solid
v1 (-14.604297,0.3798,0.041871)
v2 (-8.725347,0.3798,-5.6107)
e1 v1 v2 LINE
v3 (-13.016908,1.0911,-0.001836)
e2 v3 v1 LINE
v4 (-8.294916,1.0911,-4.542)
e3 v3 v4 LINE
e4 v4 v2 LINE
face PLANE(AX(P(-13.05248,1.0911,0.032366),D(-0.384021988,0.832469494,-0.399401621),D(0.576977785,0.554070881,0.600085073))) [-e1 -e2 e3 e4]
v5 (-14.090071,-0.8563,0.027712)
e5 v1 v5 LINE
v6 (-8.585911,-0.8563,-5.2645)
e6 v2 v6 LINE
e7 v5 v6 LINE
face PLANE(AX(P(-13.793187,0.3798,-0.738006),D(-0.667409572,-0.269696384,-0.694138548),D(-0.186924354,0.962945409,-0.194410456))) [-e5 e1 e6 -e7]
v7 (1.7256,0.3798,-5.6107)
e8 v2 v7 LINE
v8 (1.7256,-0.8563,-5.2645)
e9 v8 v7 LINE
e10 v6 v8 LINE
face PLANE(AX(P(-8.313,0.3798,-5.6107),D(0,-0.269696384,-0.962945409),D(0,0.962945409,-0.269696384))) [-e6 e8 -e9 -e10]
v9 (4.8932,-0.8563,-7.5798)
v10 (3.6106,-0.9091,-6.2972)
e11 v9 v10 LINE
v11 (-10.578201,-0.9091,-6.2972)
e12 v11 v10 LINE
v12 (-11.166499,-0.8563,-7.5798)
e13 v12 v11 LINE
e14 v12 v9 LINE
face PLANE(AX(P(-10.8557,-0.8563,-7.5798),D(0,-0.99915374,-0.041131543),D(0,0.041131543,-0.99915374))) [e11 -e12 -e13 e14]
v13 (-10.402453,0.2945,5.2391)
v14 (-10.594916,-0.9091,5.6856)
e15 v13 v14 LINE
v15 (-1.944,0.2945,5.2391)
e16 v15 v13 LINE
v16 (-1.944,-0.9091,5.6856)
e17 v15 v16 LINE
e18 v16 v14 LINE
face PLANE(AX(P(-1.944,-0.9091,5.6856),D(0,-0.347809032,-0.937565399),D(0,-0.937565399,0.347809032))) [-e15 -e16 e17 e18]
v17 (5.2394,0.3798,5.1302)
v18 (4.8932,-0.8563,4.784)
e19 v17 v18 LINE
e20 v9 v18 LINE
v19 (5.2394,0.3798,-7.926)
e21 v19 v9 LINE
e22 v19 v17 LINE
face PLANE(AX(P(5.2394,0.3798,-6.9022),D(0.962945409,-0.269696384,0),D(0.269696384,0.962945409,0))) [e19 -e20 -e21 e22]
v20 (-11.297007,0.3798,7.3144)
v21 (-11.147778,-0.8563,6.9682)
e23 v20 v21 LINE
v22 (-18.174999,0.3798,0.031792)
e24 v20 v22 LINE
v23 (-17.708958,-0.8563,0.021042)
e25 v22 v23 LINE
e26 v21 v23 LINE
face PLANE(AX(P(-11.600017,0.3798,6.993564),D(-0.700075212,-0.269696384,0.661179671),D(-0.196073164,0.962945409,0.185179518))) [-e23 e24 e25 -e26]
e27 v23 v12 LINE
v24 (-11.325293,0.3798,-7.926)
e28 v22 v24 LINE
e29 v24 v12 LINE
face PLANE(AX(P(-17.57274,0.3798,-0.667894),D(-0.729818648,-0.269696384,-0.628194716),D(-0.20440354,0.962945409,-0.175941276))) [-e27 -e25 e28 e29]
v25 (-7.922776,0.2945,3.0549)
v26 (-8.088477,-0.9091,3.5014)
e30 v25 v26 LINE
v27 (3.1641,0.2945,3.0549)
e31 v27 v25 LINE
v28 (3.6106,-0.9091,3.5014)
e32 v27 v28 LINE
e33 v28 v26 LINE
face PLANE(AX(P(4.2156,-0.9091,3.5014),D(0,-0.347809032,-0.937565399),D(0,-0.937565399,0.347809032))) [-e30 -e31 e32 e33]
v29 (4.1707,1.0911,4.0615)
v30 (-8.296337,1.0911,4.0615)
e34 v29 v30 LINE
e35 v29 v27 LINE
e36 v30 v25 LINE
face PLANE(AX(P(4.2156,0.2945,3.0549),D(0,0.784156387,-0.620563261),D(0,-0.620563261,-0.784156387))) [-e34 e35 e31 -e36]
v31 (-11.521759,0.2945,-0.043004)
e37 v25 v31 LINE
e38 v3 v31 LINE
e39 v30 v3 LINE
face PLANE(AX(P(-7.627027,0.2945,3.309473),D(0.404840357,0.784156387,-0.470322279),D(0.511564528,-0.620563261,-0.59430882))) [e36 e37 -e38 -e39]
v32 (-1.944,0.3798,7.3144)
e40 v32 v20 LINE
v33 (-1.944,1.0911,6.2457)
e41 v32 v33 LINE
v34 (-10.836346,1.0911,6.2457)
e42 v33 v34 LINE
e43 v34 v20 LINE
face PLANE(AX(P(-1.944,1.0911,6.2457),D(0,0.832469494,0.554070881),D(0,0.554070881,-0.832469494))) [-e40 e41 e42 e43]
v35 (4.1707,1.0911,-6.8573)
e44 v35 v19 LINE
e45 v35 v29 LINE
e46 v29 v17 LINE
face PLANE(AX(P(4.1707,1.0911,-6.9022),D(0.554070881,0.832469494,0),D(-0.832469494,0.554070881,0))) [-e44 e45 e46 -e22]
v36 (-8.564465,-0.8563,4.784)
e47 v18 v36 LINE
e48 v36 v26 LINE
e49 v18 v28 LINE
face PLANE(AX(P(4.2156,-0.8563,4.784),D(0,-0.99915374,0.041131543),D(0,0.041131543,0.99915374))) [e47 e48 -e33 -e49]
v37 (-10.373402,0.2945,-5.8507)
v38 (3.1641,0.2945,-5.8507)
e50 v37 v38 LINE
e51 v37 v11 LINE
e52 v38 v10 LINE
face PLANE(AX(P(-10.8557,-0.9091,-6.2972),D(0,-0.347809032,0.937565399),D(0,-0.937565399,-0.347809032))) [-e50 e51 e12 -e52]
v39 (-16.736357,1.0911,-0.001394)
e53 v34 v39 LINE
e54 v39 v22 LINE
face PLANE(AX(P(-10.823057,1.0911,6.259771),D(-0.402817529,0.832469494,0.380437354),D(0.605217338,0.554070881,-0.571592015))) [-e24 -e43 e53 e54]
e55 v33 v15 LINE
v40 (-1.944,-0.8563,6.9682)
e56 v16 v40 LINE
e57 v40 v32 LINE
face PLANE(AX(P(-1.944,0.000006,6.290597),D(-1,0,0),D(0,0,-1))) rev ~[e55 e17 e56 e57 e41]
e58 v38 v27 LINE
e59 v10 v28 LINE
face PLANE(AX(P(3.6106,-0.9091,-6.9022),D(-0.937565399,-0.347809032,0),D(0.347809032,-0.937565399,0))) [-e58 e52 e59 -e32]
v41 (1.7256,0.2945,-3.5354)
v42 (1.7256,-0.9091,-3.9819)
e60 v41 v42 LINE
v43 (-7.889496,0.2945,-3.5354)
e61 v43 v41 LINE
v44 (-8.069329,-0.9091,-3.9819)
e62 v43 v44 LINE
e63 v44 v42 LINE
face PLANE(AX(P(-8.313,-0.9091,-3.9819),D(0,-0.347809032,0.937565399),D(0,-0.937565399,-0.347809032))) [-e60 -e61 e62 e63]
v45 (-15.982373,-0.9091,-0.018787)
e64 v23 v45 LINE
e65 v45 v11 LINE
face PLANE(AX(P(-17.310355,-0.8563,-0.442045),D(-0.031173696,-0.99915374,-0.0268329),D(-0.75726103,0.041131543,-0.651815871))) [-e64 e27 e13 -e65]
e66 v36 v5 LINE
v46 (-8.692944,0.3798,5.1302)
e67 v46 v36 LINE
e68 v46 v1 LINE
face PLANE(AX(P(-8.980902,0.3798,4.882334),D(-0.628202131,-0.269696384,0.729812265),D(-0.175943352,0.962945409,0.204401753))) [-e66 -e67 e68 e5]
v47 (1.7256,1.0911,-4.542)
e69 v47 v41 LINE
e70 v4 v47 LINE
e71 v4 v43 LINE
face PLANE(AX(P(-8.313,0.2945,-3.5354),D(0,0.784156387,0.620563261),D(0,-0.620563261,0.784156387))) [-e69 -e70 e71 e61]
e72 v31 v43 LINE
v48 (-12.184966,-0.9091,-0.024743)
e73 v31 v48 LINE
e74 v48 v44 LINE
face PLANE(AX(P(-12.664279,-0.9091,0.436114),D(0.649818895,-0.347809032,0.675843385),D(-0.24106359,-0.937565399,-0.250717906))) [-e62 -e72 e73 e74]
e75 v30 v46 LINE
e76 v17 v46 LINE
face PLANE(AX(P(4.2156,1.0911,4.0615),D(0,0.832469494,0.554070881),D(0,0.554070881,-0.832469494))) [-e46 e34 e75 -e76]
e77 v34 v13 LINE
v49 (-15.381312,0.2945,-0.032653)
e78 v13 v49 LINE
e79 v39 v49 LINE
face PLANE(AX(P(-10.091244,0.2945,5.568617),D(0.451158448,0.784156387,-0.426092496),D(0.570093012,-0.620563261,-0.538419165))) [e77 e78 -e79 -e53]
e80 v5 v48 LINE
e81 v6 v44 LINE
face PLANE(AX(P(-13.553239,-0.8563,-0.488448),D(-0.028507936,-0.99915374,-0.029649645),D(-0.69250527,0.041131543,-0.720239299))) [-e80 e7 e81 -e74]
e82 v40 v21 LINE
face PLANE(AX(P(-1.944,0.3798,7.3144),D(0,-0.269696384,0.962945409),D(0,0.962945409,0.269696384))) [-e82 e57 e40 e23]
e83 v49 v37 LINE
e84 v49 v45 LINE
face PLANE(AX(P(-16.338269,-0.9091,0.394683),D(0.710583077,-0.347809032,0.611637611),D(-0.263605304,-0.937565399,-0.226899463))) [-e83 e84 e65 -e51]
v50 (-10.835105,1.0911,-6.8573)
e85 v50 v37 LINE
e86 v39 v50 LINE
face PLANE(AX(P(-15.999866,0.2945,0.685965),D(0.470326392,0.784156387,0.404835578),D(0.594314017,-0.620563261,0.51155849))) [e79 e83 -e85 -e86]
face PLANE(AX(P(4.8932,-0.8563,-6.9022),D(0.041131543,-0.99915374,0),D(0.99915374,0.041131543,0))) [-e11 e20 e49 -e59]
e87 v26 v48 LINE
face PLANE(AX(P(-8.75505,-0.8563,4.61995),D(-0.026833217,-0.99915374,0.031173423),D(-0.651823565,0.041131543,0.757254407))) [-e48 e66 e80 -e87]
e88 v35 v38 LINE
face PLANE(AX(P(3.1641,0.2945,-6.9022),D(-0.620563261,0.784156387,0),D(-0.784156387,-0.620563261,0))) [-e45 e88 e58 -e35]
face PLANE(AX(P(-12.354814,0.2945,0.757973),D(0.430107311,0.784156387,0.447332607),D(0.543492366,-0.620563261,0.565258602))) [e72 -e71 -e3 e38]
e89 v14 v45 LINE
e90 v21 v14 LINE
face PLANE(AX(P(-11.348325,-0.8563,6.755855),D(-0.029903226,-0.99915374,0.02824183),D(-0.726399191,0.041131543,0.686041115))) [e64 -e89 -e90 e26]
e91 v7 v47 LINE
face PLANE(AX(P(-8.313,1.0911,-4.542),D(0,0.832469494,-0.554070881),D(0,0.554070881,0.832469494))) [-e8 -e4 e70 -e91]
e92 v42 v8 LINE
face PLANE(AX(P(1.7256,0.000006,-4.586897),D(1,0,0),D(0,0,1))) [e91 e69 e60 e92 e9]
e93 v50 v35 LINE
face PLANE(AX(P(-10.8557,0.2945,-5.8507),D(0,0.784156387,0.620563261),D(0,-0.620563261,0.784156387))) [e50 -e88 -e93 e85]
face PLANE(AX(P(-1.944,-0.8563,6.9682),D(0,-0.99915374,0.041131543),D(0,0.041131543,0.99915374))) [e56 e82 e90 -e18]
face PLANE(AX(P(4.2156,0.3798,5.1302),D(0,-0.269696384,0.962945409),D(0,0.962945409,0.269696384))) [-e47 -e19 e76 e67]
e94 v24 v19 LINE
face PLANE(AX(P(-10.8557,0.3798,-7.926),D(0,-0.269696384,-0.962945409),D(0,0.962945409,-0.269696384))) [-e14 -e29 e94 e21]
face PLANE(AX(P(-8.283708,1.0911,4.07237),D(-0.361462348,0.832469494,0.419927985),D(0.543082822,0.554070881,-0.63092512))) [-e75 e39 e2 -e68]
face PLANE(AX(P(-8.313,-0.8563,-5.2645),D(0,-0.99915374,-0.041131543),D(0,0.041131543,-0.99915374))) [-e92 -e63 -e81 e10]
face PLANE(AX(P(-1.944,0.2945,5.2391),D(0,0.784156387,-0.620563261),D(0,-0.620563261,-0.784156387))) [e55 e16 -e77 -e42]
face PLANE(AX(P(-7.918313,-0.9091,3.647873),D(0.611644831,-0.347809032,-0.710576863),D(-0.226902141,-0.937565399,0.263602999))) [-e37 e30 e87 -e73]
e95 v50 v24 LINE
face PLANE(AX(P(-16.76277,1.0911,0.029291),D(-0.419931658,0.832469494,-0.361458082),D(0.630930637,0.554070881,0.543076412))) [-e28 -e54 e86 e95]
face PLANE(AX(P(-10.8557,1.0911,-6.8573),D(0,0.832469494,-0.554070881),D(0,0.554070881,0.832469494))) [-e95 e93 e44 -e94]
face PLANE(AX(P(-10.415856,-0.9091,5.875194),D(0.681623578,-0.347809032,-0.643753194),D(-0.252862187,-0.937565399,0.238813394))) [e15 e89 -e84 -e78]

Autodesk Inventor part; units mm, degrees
ref_plane "YZ Plane" through (0, 0, 0) normal (1, 0, 0) x (0, 1, 0)
ref_plane "XZ Plane" through (0, 0, 0) normal (0, 1, 0) x (-1, 0, 0)
sketch "Sketch1" plane through (0, 0, 0) normal (0, 1, 0) x (-1, 0, 0)
  line L0 (1.944, 6.2906) -> (10.8557, 6.2906)
  line L1 (10.8557, 6.2906) -> (16.7968, 0)
  line L2 (16.7968, 0) -> (10.8557, -6.9022)
  line L3 (10.8557, -6.9022) -> (-4.2156, -6.9022)
  line L4 (-4.2156, -6.9022) -> (-4.2156, 4.1064)
  line L5 (-4.2156, 4.1064) -> (8.313, 4.1064)
  line L6 (8.313, 4.1064) -> (13.0836, 0)
  line L7 (13.0836, 0) -> (8.313, -4.5869)
  line L8 (8.313, -4.5869) -> (-1.7256, -4.5869)
  point P0 (0, 0)
ref_plane "Work Plane1" through (-1.944, 0, 6.2906) normal (-1, 0, 0) x (0, -1, 0)
sketch "Sketch2" plane through (-1.944, 0, 6.2906) normal (-1, 0, 0) x (0, -1, 0)
  line L0 (0.9091, -0.605) -> (-0.2945, -1.0515)
  line L1 (-0.2945, -1.0515) -> (-1.0911, -0.0449)
  line L2 (-1.0911, -0.0449) -> (-0.3798, 1.0238)
  line L3 (-0.3798, 1.0238) -> (0.8563, 0.6776)
  line L4 (0.8563, 0.6776) -> (0.9091, -0.605)
  point P0 (0, -6.2906)
  point P1 (0, 0)
  dimension "d2" = 2.0753
sweep "Sweep1" add profiles "Sketch2" path "Sketch1"
properties part number "Pin"
